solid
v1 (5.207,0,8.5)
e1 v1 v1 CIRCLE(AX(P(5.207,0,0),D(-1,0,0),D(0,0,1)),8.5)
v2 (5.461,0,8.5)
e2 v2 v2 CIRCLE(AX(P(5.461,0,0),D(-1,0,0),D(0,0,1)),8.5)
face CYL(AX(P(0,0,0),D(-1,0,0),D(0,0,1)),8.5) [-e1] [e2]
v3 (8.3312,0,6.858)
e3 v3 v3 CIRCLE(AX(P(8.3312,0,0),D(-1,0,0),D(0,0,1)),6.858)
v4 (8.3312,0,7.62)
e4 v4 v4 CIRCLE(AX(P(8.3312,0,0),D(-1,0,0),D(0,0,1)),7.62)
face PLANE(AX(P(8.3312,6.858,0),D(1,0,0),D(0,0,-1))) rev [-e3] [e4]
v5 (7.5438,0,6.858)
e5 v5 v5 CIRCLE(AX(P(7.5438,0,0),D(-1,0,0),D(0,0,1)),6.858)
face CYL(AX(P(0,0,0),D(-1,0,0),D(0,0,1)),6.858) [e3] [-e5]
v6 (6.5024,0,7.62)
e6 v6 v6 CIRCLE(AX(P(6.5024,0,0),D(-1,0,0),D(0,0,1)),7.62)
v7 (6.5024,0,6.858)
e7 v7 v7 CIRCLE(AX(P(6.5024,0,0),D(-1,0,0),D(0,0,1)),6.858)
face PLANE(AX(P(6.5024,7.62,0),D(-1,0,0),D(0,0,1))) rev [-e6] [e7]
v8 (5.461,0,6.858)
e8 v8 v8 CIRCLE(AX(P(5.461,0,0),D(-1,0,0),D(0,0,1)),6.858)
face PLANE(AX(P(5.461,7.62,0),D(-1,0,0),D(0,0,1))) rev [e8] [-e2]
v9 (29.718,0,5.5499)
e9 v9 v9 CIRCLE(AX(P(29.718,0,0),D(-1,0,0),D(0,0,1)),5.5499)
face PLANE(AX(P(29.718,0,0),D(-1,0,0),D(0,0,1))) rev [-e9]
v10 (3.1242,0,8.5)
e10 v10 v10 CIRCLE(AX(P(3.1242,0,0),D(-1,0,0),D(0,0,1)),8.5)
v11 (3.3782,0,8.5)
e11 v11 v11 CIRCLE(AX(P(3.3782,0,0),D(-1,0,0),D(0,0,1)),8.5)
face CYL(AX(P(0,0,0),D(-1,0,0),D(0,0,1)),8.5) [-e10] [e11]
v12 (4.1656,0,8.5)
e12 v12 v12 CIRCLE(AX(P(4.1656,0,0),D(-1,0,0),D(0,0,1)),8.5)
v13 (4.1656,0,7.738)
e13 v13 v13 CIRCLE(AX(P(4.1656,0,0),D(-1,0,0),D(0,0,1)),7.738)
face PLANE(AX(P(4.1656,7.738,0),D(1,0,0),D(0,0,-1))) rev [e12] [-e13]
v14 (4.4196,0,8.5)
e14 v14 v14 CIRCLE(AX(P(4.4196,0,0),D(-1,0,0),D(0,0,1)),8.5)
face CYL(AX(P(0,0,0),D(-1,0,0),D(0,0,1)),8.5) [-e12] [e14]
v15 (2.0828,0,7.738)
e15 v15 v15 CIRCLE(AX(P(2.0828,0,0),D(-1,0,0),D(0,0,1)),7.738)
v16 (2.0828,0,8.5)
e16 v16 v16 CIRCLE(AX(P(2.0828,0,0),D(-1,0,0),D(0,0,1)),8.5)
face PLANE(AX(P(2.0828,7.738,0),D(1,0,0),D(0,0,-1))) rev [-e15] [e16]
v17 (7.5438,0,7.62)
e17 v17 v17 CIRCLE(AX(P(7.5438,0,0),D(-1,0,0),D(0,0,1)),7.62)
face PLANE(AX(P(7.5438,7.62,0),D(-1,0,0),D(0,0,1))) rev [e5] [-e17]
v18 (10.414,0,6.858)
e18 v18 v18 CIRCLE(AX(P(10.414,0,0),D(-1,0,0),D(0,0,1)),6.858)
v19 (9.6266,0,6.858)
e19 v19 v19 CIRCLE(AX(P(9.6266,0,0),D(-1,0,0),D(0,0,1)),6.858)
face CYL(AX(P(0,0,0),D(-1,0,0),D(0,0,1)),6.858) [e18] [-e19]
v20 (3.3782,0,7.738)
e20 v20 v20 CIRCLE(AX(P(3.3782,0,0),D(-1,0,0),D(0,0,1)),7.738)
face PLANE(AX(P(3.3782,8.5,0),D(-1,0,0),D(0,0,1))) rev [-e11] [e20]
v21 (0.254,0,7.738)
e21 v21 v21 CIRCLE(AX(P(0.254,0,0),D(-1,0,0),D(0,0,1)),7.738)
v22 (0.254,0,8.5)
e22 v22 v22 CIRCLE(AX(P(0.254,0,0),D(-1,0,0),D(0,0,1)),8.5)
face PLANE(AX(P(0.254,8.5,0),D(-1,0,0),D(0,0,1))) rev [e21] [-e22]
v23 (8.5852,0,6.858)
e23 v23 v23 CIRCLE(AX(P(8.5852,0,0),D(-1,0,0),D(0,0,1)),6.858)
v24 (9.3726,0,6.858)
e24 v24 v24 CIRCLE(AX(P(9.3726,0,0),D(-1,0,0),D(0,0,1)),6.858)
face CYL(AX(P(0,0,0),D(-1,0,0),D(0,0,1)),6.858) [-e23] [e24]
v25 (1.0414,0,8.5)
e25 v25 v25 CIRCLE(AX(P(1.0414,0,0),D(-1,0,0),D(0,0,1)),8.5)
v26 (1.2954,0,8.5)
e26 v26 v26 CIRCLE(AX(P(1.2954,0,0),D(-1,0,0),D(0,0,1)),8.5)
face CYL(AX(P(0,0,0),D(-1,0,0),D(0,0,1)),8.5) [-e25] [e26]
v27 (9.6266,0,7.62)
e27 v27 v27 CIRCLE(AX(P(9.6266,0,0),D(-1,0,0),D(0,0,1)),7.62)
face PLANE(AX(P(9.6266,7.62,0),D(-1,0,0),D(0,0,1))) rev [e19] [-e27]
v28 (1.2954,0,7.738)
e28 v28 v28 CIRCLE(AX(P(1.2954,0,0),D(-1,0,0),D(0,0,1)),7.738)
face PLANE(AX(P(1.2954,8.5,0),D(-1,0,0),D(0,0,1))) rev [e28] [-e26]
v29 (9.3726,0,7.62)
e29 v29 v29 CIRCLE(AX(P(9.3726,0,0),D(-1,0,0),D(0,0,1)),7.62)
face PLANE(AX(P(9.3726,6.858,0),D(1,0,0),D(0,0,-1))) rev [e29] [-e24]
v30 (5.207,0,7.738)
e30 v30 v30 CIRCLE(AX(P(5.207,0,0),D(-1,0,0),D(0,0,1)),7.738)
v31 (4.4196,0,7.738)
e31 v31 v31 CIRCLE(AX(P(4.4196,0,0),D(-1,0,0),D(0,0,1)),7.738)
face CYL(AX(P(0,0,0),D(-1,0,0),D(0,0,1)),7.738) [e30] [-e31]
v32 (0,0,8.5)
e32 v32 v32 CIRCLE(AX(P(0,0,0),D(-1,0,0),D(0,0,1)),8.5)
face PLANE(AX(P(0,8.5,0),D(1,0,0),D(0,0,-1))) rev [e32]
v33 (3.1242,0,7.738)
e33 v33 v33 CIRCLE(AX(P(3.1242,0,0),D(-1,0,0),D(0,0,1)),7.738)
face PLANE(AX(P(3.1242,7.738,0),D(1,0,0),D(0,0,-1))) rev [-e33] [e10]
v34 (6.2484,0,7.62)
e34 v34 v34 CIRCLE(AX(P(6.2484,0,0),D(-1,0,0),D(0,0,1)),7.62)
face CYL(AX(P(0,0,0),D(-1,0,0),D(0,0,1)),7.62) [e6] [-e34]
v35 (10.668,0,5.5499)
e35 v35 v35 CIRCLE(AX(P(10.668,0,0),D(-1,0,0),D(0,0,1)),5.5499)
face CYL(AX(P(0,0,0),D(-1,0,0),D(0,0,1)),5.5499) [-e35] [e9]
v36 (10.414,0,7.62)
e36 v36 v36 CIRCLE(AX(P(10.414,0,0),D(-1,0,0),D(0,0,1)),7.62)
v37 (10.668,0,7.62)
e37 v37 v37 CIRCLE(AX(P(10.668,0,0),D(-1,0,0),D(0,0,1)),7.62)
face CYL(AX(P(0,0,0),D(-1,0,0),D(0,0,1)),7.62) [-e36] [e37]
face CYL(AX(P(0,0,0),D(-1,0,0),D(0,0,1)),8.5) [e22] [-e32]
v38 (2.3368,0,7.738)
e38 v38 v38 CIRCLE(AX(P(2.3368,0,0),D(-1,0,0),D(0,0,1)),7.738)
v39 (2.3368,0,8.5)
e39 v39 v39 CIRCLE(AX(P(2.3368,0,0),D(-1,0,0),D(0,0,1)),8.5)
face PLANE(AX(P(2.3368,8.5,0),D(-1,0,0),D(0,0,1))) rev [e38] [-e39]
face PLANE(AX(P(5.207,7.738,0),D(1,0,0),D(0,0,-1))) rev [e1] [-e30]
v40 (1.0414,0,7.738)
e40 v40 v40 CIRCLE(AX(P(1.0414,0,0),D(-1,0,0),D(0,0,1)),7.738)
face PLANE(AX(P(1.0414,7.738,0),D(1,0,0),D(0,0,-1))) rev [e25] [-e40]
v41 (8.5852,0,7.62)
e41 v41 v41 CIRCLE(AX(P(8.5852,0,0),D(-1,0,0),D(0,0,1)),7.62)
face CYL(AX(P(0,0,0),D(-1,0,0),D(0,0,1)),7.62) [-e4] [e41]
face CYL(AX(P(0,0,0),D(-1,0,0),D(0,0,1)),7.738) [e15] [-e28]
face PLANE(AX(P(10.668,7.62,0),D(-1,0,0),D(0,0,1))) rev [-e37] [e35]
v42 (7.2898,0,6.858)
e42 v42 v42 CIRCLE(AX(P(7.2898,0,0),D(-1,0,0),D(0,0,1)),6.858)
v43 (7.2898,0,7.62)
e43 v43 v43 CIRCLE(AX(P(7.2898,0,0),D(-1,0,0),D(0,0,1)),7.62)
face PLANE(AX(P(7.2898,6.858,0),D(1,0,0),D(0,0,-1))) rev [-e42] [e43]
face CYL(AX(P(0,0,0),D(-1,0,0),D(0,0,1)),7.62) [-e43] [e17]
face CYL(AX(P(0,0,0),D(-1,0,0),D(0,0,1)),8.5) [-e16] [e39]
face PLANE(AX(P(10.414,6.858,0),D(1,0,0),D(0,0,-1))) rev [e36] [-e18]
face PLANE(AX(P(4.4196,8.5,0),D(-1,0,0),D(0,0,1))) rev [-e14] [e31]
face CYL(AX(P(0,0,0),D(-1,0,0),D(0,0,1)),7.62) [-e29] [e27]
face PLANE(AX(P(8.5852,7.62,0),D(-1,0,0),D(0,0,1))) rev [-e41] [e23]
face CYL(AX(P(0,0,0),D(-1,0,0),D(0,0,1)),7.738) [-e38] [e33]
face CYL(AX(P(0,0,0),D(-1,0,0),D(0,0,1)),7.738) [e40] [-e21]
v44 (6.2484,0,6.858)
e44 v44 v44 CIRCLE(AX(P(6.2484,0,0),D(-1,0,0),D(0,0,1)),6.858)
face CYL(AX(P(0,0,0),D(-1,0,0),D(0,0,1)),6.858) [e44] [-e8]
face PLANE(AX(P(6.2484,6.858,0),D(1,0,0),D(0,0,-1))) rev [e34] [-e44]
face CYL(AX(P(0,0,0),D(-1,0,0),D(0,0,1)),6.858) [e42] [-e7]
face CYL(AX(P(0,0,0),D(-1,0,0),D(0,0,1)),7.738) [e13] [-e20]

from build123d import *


with BuildPart() as part:
    # Sketch1 → Revolve1 (revolve)
    with BuildSketch(Plane.XY):
        Polygon((0, 0), (29.718, 0), (29.718, 5.5499), (17.018, 5.5499), (10.668, 5.5499), (10.668, 7.62), (10.414, 7.62), (10.414, 6.858), (9.6266, 6.858), (9.6266, 7.62), (9.3726, 7.62), (9.3726, 6.858), (8.5852, 6.858), (8.5852, 7.62), (8.3312, 7.62), (8.3312, 6.858), (7.5438, 6.858), (7.5438, 7.62), (7.2898, 7.62), (7.2898, 6.858), (6.5024, 6.858), (6.5024, 7.62), (6.2484, 7.62), (6.2484, 6.858), (5.461, 6.858), (5.461, 7.62), (5.461, 8.500000018), (5.207, 8.500000018), (5.207, 7.738000018), (4.4196, 7.738000018), (4.4196, 8.500000018), (4.1656, 8.500000018), (4.1656, 7.738000018), (3.3782, 7.738000018), (3.3782, 8.500000018), (3.1242, 8.500000018), (3.1242, 7.738000018), (2.3368, 7.738000018), (2.3368, 8.500000018), (2.0828, 8.500000018), (2.0828, 7.738000018), (1.2954, 7.738000018), (1.2954, 8.500000018), (1.0414, 8.500000018), (1.0414, 7.738000018), (0.254, 7.738000018), (0.254, 8.500000018), (0, 8.500000018), align=None)
    revolve(axis=Axis((0, 0, 0), (1, 0, 0)))


solid = part.part
